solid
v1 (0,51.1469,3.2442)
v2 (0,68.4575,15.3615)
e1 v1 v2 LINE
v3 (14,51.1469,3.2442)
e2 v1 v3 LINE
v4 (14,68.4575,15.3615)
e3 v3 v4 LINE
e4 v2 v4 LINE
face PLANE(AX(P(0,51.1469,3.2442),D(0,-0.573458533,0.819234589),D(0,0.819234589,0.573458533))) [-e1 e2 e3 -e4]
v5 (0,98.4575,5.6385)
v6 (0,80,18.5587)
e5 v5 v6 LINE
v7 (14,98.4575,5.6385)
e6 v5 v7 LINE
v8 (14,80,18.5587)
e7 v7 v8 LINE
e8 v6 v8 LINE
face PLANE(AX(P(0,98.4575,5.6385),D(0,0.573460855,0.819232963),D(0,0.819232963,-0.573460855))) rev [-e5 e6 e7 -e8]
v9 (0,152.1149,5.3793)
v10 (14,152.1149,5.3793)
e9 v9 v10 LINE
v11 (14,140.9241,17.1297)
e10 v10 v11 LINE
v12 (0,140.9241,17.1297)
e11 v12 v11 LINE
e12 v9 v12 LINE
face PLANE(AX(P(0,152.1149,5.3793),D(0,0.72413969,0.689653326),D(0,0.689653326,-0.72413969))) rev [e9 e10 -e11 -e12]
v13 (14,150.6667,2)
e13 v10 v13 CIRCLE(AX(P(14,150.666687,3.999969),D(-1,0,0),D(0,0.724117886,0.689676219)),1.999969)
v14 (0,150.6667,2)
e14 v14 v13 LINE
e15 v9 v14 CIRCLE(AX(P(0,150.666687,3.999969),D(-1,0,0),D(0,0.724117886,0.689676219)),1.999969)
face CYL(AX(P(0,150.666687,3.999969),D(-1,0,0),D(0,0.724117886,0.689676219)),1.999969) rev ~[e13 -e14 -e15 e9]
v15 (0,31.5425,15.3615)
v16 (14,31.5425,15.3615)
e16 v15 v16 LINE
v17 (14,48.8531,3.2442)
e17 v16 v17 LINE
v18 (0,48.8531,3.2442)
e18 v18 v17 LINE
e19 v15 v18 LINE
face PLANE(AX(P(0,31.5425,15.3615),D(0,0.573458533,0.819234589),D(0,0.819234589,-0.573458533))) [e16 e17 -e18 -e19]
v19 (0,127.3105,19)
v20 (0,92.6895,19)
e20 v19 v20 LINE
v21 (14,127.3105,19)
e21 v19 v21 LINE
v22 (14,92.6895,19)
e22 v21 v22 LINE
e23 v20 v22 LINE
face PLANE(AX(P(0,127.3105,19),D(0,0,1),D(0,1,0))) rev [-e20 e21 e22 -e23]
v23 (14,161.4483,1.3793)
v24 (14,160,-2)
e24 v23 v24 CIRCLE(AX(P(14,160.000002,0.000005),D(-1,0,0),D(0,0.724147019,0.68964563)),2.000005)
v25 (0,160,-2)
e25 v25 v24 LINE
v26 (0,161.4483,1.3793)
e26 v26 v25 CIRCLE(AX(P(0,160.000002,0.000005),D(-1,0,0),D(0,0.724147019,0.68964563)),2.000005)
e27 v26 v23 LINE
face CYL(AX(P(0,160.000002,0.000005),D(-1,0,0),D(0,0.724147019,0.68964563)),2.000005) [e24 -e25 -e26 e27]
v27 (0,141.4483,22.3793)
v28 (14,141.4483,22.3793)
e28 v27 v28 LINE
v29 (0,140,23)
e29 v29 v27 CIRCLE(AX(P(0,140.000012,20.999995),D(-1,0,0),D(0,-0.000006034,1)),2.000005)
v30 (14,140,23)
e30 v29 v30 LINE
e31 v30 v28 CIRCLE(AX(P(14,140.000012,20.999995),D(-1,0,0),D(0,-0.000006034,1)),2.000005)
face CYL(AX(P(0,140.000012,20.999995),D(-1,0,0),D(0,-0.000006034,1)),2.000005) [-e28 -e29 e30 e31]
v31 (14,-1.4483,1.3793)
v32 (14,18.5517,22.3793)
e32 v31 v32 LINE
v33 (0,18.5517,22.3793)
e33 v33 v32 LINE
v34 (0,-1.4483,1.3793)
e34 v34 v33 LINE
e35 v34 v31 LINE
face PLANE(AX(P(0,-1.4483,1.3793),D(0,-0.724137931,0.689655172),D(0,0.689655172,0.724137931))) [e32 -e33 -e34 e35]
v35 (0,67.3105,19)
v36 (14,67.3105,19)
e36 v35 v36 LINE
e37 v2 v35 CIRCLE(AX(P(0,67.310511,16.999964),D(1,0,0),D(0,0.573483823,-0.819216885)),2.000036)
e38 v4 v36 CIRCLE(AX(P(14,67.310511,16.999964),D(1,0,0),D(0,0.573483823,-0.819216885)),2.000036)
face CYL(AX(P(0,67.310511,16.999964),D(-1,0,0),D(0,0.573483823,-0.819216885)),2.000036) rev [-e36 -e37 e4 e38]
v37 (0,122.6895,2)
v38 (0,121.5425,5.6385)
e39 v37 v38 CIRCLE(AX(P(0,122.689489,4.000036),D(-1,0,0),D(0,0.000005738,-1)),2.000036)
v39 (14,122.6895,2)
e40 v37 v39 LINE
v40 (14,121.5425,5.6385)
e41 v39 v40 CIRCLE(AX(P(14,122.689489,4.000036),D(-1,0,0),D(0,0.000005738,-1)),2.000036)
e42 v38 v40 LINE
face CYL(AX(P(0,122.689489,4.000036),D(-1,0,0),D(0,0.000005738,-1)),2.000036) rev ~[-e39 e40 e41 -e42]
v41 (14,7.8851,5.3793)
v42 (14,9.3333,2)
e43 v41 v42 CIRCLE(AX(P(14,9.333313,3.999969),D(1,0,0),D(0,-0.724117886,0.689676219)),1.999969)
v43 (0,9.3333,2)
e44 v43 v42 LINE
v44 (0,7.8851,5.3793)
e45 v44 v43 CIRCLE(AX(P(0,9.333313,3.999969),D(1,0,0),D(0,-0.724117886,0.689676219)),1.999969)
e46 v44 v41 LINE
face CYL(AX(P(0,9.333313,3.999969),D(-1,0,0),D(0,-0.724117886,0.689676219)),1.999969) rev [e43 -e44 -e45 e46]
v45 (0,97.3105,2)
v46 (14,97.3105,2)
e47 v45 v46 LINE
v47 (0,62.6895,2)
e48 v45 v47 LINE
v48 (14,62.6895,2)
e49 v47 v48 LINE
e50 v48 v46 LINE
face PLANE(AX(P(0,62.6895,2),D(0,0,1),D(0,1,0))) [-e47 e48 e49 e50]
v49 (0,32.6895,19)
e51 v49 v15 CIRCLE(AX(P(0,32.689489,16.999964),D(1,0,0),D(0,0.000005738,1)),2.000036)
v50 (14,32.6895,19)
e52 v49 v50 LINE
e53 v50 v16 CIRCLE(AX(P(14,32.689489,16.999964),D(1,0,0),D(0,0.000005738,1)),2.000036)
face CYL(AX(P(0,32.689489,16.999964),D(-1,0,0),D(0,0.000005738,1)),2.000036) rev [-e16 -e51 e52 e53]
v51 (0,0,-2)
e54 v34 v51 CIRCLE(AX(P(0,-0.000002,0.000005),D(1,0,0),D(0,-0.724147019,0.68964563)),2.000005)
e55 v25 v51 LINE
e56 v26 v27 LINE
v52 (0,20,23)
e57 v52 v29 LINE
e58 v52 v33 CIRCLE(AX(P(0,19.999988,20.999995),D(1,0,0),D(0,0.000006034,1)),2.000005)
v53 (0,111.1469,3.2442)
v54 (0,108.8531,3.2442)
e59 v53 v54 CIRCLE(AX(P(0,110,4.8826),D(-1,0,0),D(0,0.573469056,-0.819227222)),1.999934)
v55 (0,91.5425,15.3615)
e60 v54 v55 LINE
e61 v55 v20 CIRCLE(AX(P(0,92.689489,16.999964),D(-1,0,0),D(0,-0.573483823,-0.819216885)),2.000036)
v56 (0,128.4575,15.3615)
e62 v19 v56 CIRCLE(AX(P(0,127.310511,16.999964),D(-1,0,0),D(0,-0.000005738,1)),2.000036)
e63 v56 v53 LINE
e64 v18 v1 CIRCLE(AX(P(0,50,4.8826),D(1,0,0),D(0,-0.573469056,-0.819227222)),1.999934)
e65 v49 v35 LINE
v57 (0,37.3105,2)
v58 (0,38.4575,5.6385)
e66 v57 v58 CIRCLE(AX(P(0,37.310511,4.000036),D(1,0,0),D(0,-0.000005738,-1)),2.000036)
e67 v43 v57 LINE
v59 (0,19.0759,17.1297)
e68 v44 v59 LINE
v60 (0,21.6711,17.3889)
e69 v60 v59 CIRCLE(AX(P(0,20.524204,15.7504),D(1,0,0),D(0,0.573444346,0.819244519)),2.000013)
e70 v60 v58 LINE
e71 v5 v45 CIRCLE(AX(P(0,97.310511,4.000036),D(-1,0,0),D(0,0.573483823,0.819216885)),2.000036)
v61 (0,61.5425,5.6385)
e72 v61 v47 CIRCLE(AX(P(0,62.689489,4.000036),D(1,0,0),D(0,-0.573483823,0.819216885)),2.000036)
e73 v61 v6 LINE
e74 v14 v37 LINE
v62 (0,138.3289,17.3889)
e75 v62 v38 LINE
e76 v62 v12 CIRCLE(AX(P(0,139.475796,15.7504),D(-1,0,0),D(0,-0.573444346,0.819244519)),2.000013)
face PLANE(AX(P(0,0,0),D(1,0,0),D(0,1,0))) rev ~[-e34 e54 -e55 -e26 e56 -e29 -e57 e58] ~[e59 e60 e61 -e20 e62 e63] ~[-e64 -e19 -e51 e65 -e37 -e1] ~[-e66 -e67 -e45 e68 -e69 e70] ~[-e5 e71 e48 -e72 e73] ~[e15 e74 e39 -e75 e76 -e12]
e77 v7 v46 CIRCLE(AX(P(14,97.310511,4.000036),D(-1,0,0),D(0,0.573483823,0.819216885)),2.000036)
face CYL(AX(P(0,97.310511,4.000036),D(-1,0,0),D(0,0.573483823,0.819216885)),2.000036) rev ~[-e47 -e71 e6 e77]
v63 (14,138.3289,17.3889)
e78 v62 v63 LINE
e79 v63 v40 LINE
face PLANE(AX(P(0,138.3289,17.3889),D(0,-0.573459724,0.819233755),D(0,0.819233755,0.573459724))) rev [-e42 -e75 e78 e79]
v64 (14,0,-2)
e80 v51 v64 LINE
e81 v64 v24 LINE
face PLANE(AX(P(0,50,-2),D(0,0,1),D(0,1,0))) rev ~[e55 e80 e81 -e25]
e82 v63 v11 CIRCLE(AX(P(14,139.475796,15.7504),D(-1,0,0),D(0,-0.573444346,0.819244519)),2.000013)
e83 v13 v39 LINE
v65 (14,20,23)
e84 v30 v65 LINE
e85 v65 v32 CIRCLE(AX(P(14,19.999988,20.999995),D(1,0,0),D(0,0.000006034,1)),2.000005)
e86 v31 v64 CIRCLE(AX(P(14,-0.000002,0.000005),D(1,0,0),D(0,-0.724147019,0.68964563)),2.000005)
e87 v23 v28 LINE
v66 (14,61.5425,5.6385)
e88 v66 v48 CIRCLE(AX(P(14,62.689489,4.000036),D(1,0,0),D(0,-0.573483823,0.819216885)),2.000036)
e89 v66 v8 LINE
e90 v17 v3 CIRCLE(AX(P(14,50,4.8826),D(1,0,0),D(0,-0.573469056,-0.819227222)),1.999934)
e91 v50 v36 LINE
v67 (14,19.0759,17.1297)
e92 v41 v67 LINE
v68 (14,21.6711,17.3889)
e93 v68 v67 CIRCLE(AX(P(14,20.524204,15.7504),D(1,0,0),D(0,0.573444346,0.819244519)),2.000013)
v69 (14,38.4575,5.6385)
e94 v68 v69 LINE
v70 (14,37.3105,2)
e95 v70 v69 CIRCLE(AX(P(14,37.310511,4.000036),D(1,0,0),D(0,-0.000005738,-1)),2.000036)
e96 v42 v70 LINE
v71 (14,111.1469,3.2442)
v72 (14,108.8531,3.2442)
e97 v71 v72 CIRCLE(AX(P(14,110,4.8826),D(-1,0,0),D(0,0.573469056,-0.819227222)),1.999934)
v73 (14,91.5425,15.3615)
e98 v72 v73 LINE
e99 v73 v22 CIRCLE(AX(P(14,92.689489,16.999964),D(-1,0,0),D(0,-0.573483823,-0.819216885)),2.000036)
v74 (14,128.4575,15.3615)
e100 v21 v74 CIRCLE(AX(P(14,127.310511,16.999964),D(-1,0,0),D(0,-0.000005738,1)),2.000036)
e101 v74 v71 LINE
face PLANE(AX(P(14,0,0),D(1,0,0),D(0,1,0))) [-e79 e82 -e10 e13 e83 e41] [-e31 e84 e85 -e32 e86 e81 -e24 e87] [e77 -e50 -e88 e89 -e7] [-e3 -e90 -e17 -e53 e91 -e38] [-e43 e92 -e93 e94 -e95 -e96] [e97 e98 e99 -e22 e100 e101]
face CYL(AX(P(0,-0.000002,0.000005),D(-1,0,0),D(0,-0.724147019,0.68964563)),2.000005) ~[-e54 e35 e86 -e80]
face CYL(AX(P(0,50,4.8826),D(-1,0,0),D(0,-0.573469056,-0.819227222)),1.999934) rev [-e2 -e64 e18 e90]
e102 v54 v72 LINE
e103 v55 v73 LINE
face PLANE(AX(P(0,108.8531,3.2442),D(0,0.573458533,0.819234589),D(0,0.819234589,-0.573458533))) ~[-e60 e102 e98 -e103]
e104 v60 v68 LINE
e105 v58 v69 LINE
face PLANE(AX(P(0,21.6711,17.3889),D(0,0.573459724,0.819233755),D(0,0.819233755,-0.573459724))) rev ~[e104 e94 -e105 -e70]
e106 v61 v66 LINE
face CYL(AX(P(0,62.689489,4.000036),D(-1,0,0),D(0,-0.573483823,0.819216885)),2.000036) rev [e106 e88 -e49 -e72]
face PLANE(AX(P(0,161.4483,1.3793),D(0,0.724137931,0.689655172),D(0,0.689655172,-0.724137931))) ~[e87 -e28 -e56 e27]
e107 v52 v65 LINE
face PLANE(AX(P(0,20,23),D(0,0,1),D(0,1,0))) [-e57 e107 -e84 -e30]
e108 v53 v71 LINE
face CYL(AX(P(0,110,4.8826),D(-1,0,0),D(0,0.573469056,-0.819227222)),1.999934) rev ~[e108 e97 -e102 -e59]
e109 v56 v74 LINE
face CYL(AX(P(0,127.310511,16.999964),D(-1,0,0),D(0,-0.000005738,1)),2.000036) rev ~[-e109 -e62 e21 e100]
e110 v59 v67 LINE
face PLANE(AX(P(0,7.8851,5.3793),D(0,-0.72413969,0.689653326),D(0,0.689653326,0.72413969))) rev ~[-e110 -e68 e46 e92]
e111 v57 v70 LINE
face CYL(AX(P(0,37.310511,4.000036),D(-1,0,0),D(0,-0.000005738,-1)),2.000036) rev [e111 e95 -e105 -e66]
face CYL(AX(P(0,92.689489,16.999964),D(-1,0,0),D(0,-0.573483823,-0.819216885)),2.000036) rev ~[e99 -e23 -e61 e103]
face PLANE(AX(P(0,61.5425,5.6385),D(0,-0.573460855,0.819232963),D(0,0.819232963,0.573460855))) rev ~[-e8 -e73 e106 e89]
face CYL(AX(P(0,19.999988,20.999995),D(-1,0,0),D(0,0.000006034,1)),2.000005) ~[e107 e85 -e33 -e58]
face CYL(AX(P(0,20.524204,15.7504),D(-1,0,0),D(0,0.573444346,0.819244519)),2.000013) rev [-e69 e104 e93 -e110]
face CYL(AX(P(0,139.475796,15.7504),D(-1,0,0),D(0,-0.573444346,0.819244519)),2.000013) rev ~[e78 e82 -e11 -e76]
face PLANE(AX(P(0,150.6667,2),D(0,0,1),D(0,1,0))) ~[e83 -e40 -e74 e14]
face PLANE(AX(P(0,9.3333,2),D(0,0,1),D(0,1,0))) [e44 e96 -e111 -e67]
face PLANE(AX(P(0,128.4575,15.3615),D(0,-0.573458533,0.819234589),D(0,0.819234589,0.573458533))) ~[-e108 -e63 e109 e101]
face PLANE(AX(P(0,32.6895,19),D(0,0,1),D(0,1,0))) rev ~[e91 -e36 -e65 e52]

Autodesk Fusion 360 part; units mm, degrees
sketch "Sketch1" plane through (0, 0, 0) normal (1, 0, 0) x (0, 1, 0)
  line L0 (0, 0) -> (50, 0) construction
  line L1 (0, 0) -> (0, 21) construction
  line L2 (0, 21) -> (20, 21) construction
  line L3 (0, 0) -> (20, 21) construction
  line L4 (20, 21) -> (50, 0) construction
  line L5 (50, 0) -> (80, 0) construction
  line L6 (20, 21) -> (80, 21) construction
  line L7 (50, 0) -> (80, 21) construction
  line L8 (80, 0) -> (80, 21) construction
  line L9 (7.8851, 5.3793) -> (19.0759, 17.1297)
  line L10 (62.6895, 2) -> (80, 2)
  line L11 (9.3333, 2) -> (37.3105, 2)
  line L12 (31.5425, 15.3615) -> (48.8531, 3.2442)
  line L13 (21.6711, 17.3889) -> (38.4575, 5.6385)
  line L14 (61.5425, 5.6385) -> (80, 18.5587)
  line L15 (0, -2) -> (50, -2)
  line L16 (50, -2) -> (80, -2)
  line L17 (20, 23) -> (80, 23)
  line L18 (-1.4483, 1.3793) -> (18.5517, 22.3793)
  line L19 (32.6895, 19) -> (67.3105, 19)
  line L20 (51.1469, 3.2442) -> (68.4575, 15.3615)
  arc A0 (20, 23) -> (18.5517, 22.3793) centre (20, 21) ccw
  arc A1 (-1.4483, 1.3793) -> (0, -2) centre (0, 0) ccw
  arc A2 (21.6711, 17.3889) -> (19.0759, 17.1297) centre (20.5242, 15.7504) ccw
  arc A3 (7.8851, 5.3793) -> (9.3333, 2) centre (9.3333, 4) ccw
  arc A4 (37.3105, 2) -> (38.4575, 5.6385) centre (37.3105, 4) ccw
  arc A5 (32.6895, 19) -> (31.5425, 15.3615) centre (32.6895, 17) ccw
  arc A6 (68.4575, 15.3615) -> (67.3105, 19) centre (67.3105, 17) ccw
  arc A7 (48.8531, 3.2442) -> (51.1469, 3.2442) centre (50, 4.8826) ccw
  arc A8 (61.5425, 5.6385) -> (62.6895, 2) centre (62.6895, 4) ccw
  line L21 (80, 18.5587) -> (80, 23)
  line L22 (80, 2) -> (80, -2)
  dimension "d52" = 50
  dimension "d53" = 21
  dimension "d54" = 20
  dimension "d55" = 30
  dimension "d56" = 60
  dimension "d61" = 25
  dimension "d62" = 4
  dimension "d63" = 2
  dimension "d64" = 2
  dimension "d65" = 4
  dimension "d66" = 4
  dimension "d67" = 2
  dimension "d68" = 4
  dimension "d69" = 2
  dimension "d70" = 4
  dimension "d71" = 2
  dimension "d73" = 4
  dimension "d74" = 2
  dimension "d75" = 2
  dimension "d76" = 2
  dimension "d77" = 2
  dimension "d78" = 2
  dimension "d79" = 2
  dimension "d80" = 2
  dimension "d81" = 2
  dimension "d82" = 2
extrude "Extrude2" add sketch "Sketch1" along normal blind 14 makes body 1
ref_plane "WorkPlane1" through (0, 80, 0) normal (0, 1, 0) x (0, 0, 1)
mirror "Mirror1" about plane through (0, 80, 0) normal (0, 1, 0) of bodies 1 merged
copy_body "Body->Comp3" bodies 1 removing the originals makes body 2 in component "Truss Half"
component "Truss Half" placed x (1, 0, 0) y (0, 1, 0) z (0, 0, 1) at (0, 0, 0)
